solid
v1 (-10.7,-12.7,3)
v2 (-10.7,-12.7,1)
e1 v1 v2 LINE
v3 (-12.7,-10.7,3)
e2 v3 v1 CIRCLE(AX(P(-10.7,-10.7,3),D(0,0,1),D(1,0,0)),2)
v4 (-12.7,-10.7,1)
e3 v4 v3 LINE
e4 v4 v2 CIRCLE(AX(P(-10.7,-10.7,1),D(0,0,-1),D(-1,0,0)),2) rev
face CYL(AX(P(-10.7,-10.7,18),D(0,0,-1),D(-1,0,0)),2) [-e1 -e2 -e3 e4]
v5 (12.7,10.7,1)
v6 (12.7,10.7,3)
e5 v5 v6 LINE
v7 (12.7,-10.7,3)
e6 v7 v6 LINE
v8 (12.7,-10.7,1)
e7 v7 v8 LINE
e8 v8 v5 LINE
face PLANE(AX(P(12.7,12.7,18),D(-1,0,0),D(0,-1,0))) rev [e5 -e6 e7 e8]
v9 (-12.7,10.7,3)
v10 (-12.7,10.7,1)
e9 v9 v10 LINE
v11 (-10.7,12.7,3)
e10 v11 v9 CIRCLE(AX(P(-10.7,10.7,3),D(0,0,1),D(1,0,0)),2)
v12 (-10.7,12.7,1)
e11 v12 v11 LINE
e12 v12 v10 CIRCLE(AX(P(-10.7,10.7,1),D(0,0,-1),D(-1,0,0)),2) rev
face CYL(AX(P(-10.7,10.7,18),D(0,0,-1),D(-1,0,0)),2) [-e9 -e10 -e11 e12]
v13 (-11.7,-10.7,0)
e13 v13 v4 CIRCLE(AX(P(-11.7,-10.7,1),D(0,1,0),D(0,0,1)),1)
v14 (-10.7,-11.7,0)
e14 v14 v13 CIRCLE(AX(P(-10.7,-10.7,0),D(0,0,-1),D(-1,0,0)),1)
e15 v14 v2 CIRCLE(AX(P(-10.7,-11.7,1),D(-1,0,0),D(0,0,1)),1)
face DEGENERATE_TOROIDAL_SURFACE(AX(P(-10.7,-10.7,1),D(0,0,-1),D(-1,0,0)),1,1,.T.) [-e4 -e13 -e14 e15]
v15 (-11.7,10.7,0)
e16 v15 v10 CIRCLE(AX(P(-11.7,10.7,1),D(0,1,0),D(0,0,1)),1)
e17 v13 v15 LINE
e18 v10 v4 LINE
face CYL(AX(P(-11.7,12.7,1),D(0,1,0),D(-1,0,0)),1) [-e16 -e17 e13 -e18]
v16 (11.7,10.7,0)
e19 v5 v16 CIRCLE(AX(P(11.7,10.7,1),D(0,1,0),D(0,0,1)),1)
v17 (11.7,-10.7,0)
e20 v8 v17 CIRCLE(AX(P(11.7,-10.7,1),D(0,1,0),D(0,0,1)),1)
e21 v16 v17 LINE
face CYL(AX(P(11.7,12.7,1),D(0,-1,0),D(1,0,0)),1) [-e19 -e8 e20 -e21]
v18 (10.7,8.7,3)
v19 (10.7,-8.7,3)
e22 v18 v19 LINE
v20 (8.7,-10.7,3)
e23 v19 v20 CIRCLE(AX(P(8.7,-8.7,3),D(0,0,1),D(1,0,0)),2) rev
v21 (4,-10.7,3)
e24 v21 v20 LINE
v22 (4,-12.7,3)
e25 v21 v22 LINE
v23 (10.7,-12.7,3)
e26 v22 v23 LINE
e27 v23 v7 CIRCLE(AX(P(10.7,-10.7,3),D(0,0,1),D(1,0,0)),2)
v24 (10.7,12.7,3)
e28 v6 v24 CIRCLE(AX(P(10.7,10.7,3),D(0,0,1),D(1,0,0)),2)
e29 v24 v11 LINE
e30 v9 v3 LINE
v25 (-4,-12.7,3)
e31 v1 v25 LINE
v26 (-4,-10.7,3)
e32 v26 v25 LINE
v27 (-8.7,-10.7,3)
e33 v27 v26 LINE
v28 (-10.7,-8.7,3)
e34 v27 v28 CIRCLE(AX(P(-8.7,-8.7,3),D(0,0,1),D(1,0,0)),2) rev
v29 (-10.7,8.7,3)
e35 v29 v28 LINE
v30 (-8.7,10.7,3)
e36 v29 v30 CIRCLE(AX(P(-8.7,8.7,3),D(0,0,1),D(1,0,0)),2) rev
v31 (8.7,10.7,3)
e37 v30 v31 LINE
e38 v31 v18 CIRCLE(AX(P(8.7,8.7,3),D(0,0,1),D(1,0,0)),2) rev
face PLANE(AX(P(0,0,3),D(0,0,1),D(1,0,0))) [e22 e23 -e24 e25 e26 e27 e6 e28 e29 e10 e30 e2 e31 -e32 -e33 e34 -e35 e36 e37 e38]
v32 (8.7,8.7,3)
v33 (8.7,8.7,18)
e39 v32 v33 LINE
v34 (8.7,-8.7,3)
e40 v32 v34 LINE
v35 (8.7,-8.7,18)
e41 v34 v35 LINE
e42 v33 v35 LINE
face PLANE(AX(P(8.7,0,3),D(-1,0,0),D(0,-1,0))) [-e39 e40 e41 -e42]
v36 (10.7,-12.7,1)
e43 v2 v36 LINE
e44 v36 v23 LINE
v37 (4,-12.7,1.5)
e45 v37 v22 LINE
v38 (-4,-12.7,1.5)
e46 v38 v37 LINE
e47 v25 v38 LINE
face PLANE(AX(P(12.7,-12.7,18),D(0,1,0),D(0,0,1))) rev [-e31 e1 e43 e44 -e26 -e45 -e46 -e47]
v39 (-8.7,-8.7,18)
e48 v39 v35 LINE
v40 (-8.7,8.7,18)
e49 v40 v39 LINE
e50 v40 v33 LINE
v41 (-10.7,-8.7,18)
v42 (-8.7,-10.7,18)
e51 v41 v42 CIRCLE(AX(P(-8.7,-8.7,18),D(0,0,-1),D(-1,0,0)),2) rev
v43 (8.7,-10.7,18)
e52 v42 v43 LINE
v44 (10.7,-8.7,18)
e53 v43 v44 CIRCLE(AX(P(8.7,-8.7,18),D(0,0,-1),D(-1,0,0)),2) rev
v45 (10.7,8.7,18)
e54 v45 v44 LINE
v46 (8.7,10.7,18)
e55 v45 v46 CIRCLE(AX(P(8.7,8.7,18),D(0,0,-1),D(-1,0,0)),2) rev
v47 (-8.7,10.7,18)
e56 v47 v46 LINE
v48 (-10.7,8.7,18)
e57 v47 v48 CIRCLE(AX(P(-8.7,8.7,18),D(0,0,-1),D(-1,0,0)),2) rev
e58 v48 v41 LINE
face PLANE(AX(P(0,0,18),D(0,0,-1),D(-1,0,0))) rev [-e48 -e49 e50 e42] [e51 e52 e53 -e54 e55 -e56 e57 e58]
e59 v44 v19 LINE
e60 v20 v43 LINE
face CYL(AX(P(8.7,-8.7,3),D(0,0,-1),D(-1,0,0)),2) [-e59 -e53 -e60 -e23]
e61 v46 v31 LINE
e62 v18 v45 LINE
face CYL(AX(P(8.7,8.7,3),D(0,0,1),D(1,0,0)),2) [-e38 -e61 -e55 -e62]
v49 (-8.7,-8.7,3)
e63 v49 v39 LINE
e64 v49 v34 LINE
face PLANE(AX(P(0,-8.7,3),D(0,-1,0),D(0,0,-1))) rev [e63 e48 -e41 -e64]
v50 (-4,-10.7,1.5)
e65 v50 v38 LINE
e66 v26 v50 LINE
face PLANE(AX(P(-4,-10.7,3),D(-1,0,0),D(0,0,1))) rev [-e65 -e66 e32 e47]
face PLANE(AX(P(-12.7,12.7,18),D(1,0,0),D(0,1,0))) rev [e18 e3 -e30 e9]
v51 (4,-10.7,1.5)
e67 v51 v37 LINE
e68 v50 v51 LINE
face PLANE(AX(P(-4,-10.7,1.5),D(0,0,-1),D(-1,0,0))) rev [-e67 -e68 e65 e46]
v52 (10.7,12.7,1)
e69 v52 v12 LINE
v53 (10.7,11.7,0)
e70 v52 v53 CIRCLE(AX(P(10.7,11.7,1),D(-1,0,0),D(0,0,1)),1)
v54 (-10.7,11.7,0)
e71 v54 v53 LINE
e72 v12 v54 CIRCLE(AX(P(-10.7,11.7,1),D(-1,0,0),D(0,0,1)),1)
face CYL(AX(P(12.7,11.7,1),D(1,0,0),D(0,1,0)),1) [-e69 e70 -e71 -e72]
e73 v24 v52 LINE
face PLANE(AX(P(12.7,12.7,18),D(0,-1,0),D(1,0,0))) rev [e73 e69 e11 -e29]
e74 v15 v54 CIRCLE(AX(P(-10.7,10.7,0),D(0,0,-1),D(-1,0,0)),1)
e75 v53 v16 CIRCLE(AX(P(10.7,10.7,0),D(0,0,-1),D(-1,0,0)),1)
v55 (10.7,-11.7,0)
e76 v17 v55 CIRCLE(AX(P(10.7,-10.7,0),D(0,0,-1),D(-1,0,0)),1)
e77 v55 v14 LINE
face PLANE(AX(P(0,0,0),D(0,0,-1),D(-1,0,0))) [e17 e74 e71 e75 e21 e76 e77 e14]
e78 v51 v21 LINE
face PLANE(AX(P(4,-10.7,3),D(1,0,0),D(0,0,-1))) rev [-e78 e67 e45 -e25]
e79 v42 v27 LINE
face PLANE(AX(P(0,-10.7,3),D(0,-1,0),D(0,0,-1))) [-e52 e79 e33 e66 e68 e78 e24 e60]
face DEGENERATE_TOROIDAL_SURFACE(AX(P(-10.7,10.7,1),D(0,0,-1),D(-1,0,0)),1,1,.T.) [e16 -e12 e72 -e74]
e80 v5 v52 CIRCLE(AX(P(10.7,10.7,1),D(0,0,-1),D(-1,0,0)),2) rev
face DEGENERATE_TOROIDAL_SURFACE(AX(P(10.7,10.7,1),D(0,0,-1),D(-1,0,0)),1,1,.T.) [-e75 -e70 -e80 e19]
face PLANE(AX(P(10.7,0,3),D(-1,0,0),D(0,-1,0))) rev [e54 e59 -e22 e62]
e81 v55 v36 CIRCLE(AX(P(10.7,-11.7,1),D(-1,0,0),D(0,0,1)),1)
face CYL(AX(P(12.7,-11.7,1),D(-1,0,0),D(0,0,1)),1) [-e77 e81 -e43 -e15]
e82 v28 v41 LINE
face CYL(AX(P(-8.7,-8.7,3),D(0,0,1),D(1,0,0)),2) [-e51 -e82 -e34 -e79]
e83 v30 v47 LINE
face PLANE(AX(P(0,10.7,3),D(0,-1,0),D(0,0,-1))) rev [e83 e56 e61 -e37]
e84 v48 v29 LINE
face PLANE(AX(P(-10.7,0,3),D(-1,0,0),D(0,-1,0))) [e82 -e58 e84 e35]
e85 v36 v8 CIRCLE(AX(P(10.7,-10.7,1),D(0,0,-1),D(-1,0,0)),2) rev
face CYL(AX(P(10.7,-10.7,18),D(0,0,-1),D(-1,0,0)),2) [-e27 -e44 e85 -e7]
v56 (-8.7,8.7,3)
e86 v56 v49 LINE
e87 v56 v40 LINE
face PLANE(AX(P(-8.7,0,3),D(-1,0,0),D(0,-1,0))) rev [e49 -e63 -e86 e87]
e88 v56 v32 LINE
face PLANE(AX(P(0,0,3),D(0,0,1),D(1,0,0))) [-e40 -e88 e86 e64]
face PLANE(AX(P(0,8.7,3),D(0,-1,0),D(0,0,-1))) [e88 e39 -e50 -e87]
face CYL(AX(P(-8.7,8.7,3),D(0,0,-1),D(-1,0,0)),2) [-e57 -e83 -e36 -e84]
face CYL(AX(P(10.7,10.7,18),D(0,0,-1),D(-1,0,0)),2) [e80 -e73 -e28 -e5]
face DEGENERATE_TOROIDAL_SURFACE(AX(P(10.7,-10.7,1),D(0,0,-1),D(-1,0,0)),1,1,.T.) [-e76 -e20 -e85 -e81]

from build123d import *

# Parameters (mm, degrees)
CROQUIS1_W              = 25.4
CROQUIS1_H              = 25.4
SALIENTE_EXTRUIR1_DEPTH = 18
CROQUIS2_W              = 25.4
CROQUIS2_H              = 25.4
CROQUIS2_W_2            = 21.4
CROQUIS2_H_2            = 21.4
CROQUIS2_W_3            = 17.4
CROQUIS2_H_3            = 17.4
CORTAR_EXTRUIR1_DEPTH   = 15
REDONDEO3_R             = 2
REDONDEO4_R             = 1
CROQUIS16_W             = 8
CROQUIS16_H             = 1.5
CORTAR_EXTRUIR13_DEPTH  = 2


with BuildPart() as part:
    # Croquis1 → Saliente-Extruir1 (new body)
    with BuildSketch(Plane.XY):
        Rectangle(CROQUIS1_W, CROQUIS1_H)
    extrude(amount=SALIENTE_EXTRUIR1_DEPTH)

    # Croquis2 → Cortar-Extruir1 (cut)
    # profile 1 of 2: a face of its own
    with BuildSketch(Plane.XY.offset(18)):
        Rectangle(CROQUIS2_W, CROQUIS2_H)
        Rectangle(CROQUIS2_W_2, CROQUIS2_H_2, mode=Mode.SUBTRACT)
    # profile 2 of 2: a face of its own
    with BuildSketch(Plane.XY.offset(18)):
        Rectangle(CROQUIS2_W_3, CROQUIS2_H_3)
    extrude(amount=-CORTAR_EXTRUIR1_DEPTH, mode=Mode.SUBTRACT)

    # Redondeo3
    redondeo3_edges = [part.edges().sort_by_distance(p)[0] for p in [
        (-12.7, 12.7, 1.5),
        (12.7, 12.7, 1.5),
        (12.7, -12.7, 1.5),
        (-12.7, -12.7, 1.5),
        (10.7, 10.7, 10.5),
        (-10.7, 10.7, 10.5),
        (-10.7, -10.7, 10.5),
        (10.7, -10.7, 10.5),
    ]]
    fillet(redondeo3_edges, radius=REDONDEO3_R)

    # Redondeo4
    redondeo4_edges = [part.edges().sort_by_distance(p)[0] for p in [
        (0, 12.7, 0),
        (-12.7, 0, 0),
        (12.7, 0, 0),
        (0, -12.7, 0),
        (12.114213562, -12.114213562, 0),
        (-12.114213562, -12.114213562, 0),
        (-12.114213562, 12.114213562, 0),
        (12.114213562, 12.114213562, 0),
    ]]
    fillet(redondeo4_edges, radius=REDONDEO4_R)

    # Croquis16 → Cortar-Extruir13 (cut)
    with BuildSketch(Plane.XZ.offset(12.7)):
        with Locations((0, 2.25)):
            Rectangle(CROQUIS16_W, CROQUIS16_H)
    extrude(amount=-CORTAR_EXTRUIR13_DEPTH, mode=Mode.SUBTRACT)


solid = part.part
